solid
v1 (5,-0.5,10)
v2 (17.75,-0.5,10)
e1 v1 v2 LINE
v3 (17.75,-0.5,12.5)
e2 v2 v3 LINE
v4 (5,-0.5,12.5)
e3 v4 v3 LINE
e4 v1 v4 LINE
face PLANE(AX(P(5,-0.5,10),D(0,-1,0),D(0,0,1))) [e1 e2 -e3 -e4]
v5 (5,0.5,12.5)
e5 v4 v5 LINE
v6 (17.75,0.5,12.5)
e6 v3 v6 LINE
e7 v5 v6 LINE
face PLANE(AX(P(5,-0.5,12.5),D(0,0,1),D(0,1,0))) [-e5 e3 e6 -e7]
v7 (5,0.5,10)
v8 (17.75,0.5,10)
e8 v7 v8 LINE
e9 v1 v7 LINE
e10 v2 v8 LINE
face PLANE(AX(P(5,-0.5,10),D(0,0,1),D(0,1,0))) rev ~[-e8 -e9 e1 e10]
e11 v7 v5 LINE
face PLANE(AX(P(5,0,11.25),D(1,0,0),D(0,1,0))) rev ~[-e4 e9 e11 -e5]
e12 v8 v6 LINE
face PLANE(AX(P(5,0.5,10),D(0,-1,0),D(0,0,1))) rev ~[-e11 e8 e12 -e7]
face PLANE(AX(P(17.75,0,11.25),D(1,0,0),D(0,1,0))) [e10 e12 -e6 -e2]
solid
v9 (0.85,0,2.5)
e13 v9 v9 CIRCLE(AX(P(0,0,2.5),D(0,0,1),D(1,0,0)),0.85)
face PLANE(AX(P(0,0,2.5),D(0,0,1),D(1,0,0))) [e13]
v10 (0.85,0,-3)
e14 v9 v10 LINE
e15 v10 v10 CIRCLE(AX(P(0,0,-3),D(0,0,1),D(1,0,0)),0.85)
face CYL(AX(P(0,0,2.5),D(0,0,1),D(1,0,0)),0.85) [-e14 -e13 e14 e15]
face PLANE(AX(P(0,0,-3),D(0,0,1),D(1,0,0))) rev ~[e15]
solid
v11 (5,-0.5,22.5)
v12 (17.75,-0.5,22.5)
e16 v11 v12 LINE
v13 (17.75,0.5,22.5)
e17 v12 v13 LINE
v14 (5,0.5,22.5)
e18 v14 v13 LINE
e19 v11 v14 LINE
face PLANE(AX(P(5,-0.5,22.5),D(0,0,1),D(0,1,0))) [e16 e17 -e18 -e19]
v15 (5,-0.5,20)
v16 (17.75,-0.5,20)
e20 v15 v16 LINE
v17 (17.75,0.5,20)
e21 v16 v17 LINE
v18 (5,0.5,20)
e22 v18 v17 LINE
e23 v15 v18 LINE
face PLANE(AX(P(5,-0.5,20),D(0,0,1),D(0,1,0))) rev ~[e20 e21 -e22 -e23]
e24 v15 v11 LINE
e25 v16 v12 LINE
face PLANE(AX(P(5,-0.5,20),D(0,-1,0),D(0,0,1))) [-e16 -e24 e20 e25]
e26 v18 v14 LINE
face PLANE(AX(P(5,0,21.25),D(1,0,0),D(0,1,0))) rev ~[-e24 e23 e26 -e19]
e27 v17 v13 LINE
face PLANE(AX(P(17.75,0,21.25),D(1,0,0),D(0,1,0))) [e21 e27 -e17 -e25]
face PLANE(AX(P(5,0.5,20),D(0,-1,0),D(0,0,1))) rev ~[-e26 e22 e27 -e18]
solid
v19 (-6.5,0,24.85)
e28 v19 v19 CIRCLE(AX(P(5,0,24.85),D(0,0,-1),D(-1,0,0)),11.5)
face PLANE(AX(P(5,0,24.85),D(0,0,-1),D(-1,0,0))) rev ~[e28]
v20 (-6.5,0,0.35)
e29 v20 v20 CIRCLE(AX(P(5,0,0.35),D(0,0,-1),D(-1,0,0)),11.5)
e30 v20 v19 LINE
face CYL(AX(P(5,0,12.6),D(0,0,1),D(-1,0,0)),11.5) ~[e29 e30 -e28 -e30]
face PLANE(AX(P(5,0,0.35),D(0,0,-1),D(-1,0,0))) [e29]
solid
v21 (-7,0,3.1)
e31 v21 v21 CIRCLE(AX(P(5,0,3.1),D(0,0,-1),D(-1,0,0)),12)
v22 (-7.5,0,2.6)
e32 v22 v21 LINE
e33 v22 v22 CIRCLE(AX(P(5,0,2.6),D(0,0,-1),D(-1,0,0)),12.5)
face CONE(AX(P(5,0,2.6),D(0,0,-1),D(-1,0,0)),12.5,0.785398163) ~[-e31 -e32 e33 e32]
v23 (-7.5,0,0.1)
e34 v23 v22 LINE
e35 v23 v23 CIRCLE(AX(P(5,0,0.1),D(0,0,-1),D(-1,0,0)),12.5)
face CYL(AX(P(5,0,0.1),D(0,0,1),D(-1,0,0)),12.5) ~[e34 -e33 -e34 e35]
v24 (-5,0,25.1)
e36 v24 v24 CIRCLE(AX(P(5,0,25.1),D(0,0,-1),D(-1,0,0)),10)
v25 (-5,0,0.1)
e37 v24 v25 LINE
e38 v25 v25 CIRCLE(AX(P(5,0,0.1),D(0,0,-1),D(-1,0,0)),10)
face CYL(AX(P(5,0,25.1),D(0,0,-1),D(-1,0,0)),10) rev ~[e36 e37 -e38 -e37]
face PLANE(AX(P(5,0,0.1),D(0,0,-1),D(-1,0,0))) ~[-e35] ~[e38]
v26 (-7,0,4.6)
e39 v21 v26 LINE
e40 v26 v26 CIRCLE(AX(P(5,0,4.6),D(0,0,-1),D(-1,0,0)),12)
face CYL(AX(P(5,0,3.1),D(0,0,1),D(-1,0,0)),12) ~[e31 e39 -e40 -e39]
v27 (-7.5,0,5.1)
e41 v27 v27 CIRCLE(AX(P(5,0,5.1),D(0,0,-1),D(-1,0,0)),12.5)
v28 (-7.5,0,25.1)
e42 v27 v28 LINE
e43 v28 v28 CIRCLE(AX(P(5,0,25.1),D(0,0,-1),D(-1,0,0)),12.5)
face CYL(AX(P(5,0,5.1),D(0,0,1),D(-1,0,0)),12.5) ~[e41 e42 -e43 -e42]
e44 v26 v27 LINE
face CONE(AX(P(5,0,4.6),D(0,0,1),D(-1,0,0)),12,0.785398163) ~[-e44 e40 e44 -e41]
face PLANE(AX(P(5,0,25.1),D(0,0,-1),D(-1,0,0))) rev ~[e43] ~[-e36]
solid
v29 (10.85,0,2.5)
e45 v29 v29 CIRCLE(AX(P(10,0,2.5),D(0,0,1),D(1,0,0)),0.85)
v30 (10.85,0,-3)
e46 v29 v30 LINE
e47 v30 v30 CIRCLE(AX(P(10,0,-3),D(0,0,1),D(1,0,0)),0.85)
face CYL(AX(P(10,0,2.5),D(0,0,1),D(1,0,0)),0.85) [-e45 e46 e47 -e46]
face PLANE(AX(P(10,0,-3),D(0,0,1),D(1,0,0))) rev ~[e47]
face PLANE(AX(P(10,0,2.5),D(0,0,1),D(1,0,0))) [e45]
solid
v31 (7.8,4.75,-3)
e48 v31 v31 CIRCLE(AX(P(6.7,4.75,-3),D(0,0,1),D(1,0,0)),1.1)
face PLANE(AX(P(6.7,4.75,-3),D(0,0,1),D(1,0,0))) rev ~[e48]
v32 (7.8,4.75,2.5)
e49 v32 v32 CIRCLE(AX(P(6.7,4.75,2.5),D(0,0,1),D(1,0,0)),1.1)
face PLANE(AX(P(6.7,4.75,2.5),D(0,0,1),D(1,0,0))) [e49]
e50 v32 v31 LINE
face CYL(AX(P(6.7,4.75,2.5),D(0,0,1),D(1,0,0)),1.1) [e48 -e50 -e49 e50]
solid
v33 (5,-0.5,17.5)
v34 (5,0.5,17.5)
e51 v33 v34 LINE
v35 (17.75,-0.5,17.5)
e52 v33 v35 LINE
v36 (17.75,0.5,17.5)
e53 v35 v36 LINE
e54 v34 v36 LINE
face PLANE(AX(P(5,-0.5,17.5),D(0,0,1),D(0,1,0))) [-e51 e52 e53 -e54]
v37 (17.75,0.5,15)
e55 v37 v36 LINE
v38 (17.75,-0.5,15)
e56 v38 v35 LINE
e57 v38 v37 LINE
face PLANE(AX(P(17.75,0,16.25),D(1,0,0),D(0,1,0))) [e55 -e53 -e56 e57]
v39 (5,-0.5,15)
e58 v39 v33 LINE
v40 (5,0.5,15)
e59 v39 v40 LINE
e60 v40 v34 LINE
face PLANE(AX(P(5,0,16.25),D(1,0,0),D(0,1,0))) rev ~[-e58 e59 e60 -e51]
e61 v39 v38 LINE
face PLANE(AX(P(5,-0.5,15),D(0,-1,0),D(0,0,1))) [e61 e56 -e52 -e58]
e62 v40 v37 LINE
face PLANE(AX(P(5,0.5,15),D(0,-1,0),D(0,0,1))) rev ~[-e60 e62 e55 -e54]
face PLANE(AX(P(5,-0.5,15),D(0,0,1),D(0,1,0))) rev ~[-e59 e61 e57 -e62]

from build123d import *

# Parameters (mm, degrees)
SKETCH002_W   = 11.5
SKETCH002_H   = 24.5
SKETCH003_R   = 0.85
SKETCH003_R_2 = 1.1
PAD_DEPTH     = 5.5
SKETCH004_W   = 1
SKETCH004_H   = 2.5
PAD001_DEPTH  = 12.75


with BuildPart() as revolution:
    # Sketch → Revolution (revolve)
    with BuildSketch(Plane.XZ):
        Polygon((-7.5, 0.1), (-7.5, 2.6), (-7, 3.1), (-7, 4.6), (-7.5, 5.1), (-7.5, 25.1), (-5, 25.1), (-5, 0.1), align=None)
    revolve(axis=Axis((5, 0, 7.548619), (0, 0, -1)))


with BuildPart() as revolution001:
    # Sketch002 → Revolution001 (revolve)
    with BuildSketch(Plane.XZ):
        with Locations((-0.75, 12.6)):
            Rectangle(SKETCH002_W, SKETCH002_H)
    revolve(axis=Axis((5, 0, 4.680116), (0, 0, -1)))


with BuildPart() as pad:
    # Sketch003 → Pad (new body)
    with BuildSketch(Plane.XY.offset(2.5)):
        Circle(SKETCH003_R)
        with Locations((10, 0)):
            Circle(SKETCH003_R)
        with Locations((6.7, 4.75)):
            Circle(SKETCH003_R_2)
    extrude(amount=-PAD_DEPTH)


with BuildPart() as pad001:
    # Sketch004 → Pad001 (new body)
    with BuildSketch(Plane.YZ.offset(5)):
        with Locations((0, 11.25)):
            Rectangle(SKETCH004_W, SKETCH004_H)
        with Locations((0, 16.25)):
            Rectangle(SKETCH004_W, SKETCH004_H)
        with Locations((0, 21.25)):
            Rectangle(SKETCH004_W, SKETCH004_H)
    extrude(amount=PAD001_DEPTH)


solid = Compound([revolution.part, revolution001.part, pad.part, pad001.part])
